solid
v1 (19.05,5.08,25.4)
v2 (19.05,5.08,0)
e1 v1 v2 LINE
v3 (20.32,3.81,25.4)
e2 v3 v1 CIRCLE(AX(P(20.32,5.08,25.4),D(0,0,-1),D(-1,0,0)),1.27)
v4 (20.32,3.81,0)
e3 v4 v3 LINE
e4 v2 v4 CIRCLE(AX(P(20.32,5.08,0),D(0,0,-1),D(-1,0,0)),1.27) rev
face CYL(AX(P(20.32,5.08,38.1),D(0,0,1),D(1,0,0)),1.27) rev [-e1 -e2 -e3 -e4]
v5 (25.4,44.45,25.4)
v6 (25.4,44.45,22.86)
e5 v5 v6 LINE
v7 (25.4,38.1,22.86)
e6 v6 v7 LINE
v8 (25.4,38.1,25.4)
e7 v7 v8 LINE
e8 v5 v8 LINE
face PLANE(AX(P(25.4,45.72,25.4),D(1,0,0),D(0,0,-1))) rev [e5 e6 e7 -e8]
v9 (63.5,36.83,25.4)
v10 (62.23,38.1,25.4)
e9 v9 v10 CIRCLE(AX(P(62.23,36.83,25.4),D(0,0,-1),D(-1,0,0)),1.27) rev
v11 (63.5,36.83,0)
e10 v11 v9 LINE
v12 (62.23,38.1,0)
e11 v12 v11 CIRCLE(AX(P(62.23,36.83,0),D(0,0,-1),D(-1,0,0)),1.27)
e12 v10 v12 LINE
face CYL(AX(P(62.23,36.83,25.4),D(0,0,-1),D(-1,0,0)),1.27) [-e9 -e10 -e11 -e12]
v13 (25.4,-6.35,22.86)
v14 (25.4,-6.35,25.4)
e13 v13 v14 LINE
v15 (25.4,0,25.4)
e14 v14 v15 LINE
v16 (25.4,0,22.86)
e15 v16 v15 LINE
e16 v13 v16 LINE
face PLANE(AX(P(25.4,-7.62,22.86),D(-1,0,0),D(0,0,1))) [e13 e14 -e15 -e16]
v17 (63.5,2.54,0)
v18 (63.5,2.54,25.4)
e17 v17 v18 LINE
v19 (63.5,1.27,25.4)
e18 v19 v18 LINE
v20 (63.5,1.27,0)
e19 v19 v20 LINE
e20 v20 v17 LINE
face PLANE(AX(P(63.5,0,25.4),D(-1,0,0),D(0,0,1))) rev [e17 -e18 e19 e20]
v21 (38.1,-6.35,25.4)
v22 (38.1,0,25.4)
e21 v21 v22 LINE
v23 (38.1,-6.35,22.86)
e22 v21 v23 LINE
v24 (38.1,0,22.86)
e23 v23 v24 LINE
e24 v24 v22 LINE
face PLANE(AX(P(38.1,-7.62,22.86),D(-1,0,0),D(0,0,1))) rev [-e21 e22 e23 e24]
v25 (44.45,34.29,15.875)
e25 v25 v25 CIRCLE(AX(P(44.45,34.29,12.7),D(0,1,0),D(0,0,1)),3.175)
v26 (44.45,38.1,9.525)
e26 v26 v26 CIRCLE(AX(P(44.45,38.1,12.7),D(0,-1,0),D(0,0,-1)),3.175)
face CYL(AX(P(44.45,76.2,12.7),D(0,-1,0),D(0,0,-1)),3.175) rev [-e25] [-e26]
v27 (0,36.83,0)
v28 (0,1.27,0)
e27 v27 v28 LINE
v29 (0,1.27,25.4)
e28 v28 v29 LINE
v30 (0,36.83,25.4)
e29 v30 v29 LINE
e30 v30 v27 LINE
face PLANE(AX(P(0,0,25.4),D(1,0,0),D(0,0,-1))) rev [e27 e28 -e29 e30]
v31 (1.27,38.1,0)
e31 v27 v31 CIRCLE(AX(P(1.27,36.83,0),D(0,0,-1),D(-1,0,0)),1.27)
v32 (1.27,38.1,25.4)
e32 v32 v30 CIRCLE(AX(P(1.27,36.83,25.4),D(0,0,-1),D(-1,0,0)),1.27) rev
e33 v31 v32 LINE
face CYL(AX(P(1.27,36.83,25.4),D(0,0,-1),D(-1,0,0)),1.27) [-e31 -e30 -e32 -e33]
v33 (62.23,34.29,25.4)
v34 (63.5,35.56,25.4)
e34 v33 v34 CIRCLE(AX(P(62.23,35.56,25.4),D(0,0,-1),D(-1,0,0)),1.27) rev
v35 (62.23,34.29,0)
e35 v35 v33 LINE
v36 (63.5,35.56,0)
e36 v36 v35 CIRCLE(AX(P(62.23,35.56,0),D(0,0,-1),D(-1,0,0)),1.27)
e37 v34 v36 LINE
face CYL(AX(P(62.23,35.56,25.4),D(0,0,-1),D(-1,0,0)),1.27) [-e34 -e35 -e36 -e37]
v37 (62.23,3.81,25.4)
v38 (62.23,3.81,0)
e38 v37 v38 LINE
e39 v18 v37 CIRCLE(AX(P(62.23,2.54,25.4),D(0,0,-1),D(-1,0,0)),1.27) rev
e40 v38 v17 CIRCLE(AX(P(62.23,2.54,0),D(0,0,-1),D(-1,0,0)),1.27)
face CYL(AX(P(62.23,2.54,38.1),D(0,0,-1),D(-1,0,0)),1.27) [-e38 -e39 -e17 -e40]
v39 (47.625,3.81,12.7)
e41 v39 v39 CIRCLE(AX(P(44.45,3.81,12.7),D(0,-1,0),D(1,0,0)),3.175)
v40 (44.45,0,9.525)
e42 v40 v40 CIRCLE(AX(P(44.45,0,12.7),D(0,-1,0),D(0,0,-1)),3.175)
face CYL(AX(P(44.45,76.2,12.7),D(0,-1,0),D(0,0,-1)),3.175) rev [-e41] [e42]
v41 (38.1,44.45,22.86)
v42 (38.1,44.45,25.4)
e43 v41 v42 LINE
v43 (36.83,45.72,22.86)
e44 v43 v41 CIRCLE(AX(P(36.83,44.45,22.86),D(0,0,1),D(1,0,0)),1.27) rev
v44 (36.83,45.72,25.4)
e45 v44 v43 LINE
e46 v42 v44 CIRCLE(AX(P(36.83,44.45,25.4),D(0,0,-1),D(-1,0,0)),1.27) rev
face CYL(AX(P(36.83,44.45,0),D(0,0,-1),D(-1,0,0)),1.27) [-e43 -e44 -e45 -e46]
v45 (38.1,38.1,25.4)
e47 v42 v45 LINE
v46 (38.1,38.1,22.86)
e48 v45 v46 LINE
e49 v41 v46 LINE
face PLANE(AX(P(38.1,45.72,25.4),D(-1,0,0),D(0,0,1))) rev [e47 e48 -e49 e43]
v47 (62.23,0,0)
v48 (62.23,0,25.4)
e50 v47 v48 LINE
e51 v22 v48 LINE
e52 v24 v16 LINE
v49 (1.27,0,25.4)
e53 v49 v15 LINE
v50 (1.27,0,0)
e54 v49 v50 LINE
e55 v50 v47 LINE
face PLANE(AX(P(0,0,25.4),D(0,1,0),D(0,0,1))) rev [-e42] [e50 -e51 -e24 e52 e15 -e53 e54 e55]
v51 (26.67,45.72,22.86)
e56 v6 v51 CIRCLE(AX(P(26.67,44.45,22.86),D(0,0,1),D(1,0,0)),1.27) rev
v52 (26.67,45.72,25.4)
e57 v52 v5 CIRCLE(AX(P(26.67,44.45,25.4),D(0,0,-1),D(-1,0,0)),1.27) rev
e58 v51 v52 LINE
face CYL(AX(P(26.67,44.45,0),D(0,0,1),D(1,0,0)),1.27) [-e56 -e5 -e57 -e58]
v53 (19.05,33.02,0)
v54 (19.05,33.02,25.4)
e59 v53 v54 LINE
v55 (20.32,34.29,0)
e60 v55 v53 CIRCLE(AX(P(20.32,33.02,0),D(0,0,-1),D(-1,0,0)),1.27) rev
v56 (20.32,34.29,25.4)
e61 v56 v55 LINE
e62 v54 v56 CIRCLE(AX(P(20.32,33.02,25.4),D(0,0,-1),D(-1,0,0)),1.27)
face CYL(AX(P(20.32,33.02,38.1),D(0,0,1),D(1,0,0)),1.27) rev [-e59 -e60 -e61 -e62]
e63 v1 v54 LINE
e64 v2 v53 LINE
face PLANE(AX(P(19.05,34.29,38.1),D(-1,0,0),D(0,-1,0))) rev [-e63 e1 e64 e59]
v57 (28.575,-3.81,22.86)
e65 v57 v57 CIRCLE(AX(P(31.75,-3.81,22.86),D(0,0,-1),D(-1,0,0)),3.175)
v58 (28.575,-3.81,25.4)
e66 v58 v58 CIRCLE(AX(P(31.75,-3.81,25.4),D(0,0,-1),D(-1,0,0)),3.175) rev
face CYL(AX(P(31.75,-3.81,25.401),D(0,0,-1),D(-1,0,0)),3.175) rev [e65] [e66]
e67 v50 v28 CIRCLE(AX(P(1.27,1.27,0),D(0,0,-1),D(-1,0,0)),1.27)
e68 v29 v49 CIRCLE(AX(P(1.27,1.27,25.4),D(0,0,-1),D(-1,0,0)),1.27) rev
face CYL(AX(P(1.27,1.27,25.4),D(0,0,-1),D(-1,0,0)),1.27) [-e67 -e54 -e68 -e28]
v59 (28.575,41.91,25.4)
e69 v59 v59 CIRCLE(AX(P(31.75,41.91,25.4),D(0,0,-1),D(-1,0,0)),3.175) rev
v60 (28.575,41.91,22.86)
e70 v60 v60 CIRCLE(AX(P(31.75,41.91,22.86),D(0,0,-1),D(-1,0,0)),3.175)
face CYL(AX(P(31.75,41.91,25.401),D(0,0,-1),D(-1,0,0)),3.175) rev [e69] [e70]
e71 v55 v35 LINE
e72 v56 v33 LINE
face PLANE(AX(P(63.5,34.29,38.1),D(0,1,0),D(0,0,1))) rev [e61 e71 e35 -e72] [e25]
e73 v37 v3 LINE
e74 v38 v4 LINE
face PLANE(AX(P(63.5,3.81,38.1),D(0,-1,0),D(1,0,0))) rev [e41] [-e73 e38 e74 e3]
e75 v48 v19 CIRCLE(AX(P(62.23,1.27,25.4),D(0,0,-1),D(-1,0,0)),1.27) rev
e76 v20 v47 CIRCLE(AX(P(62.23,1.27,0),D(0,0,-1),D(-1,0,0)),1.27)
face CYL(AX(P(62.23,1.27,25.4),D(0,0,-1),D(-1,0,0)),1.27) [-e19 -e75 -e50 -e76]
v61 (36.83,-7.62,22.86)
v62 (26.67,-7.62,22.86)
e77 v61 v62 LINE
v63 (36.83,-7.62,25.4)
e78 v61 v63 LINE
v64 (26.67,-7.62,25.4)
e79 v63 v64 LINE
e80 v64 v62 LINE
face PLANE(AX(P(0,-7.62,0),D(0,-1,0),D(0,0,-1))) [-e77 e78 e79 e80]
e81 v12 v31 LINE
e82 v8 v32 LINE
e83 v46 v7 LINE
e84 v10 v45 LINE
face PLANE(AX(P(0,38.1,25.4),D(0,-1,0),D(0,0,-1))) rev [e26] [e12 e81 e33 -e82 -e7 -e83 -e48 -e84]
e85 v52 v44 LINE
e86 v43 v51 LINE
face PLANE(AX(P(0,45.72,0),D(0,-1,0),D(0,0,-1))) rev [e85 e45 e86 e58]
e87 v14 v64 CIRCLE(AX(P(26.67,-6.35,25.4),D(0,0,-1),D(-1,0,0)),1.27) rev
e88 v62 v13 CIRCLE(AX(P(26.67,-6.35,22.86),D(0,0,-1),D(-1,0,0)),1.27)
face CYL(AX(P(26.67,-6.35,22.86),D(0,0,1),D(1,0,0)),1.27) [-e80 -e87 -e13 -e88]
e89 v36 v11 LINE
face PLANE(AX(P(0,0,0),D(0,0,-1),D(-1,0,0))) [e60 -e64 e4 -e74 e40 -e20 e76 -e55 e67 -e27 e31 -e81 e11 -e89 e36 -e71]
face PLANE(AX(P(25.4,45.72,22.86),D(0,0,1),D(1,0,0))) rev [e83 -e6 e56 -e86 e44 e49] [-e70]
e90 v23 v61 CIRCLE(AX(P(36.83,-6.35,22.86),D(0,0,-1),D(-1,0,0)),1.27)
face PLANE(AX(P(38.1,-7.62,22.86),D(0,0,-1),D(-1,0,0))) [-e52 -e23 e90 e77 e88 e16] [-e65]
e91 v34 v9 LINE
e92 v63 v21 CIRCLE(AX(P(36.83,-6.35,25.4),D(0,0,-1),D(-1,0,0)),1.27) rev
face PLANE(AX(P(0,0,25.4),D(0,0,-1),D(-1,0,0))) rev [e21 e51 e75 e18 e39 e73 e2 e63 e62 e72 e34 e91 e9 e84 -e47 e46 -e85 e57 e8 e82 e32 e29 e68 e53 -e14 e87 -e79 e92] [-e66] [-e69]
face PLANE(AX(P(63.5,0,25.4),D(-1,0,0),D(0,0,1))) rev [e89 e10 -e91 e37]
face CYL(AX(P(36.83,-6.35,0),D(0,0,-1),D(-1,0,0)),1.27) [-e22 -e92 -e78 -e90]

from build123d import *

# Parameters (mm, degrees)
SKETCH1_W           = 63.5
SKETCH1_H           = 38.1
BOSS_EXTRUDE1_DEPTH = 25.4
SKETCH3_W           = 44.45
SKETCH3_H           = 30.48
CUT_EXTRUDE1_DEPTH  = 38.1
SKETCH5_R           = 3.175
CUT_EXTRUDE2_DEPTH  = 76.2
FILLET3_R           = 1.27
SKETCH6_W           = 12.7
SKETCH6_H           = 2.54
BOSS_EXTRUDE2_DEPTH = 7.62
SKETCH7_W           = 12.7
SKETCH7_H           = 2.54
BOSS_EXTRUDE3_DEPTH = 7.62
CUT_EXTRUDE3_REACH  = 4.54
SKETCH8_R           = 3.175
CUT_EXTRUDE4_REACH  = 4.54
SKETCH9_R           = 3.175
FILLET4_R           = 1.27


with BuildPart() as part:
    # Sketch1 → Boss-Extrude1 (new body)
    with BuildSketch(Plane.XY):
        with Locations((31.75, 19.05)):
            Rectangle(SKETCH1_W, SKETCH1_H)
    extrude(amount=BOSS_EXTRUDE1_DEPTH)

    # Sketch3 → Cut-Extrude1 (cut)
    with BuildSketch(Plane(origin=(0, 0, 0), x_dir=(-1, 0, 0), z_dir=(0, 0, -1))):
        with Locations((-41.275, 19.05)):
            Rectangle(SKETCH3_W, SKETCH3_H)
    extrude(amount=-CUT_EXTRUDE1_DEPTH, mode=Mode.SUBTRACT)

    # Sketch5 → Cut-Extrude2 (cut)
    with BuildSketch(Plane.XZ):
        with Locations((44.45, 12.7)):
            Circle(SKETCH5_R)
    extrude(amount=-CUT_EXTRUDE2_DEPTH, mode=Mode.SUBTRACT)

    # Fillet3
    fillet3_edges = [part.edges().sort_by_distance(p)[0] for p in [
        (63.5, 3.81, 12.7),
        (63.5, 34.29, 12.7),
        (19.05, 34.29, 12.7),
        (19.05, 3.81, 12.7),
        (0, 38.1, 12.7),
        (63.5, 38.1, 12.7),
        (63.5, 0, 12.7),
        (0, 0, 12.7),
    ]]
    fillet(fillet3_edges, radius=FILLET3_R)

    # Sketch6 → Boss-Extrude2 (add)
    with BuildSketch(Plane(origin=(0, 38.1, 0), x_dir=(1, 0, 0), z_dir=(0, 1, 0))):
        with Locations((31.75, -24.13)):
            Rectangle(SKETCH6_W, SKETCH6_H)
    extrude(amount=BOSS_EXTRUDE2_DEPTH)

    # Sketch7 → Boss-Extrude3 (add)
    with BuildSketch(Plane.XZ):
        with Locations((31.75, 24.13)):
            Rectangle(SKETCH7_W, SKETCH7_H)
    extrude(amount=BOSS_EXTRUDE3_DEPTH)

    # Sketch8 → Cut-Extrude3 (cut, up to next)
    with BuildSketch(Plane(origin=(0, 0, 22.86), x_dir=(-1, 0, 0), z_dir=(0, 0, -1)), mode=Mode.PRIVATE) as cut_extrude3_sk1:
        with Locations((-31.75, -3.81)):
            Circle(SKETCH8_R)
    cut_extrude3_tool1 = extrude(cut_extrude3_sk1.sketch, amount=-CUT_EXTRUDE3_REACH, mode=Mode.PRIVATE) & part.part
    add(cut_extrude3_tool1.solids().sort_by_distance((31.75, -3.81, 22.86))[0], mode=Mode.SUBTRACT)

    # Sketch9 → Cut-Extrude4 (cut, up to next)
    with BuildSketch(Plane(origin=(0, 0, 22.86), x_dir=(-1, 0, 0), z_dir=(0, 0, -1)), mode=Mode.PRIVATE) as cut_extrude4_sk1:
        with Locations((-31.75, 41.91)):
            Circle(SKETCH9_R)
    cut_extrude4_tool1 = extrude(cut_extrude4_sk1.sketch, amount=-CUT_EXTRUDE4_REACH, mode=Mode.PRIVATE) & part.part
    add(cut_extrude4_tool1.solids().sort_by_distance((31.75, 41.91, 22.86))[0], mode=Mode.SUBTRACT)

    # Fillet4
    fillet4_edges = [part.edges().sort_by_distance(p)[0] for p in [
        (25.4, -7.62, 24.13),
        (38.1, -7.62, 24.13),
        (25.4, 45.72, 24.13),
        (38.1, 45.72, 24.13),
    ]]
    fillet(fillet4_edges, radius=FILLET4_R)


solid = part.part
